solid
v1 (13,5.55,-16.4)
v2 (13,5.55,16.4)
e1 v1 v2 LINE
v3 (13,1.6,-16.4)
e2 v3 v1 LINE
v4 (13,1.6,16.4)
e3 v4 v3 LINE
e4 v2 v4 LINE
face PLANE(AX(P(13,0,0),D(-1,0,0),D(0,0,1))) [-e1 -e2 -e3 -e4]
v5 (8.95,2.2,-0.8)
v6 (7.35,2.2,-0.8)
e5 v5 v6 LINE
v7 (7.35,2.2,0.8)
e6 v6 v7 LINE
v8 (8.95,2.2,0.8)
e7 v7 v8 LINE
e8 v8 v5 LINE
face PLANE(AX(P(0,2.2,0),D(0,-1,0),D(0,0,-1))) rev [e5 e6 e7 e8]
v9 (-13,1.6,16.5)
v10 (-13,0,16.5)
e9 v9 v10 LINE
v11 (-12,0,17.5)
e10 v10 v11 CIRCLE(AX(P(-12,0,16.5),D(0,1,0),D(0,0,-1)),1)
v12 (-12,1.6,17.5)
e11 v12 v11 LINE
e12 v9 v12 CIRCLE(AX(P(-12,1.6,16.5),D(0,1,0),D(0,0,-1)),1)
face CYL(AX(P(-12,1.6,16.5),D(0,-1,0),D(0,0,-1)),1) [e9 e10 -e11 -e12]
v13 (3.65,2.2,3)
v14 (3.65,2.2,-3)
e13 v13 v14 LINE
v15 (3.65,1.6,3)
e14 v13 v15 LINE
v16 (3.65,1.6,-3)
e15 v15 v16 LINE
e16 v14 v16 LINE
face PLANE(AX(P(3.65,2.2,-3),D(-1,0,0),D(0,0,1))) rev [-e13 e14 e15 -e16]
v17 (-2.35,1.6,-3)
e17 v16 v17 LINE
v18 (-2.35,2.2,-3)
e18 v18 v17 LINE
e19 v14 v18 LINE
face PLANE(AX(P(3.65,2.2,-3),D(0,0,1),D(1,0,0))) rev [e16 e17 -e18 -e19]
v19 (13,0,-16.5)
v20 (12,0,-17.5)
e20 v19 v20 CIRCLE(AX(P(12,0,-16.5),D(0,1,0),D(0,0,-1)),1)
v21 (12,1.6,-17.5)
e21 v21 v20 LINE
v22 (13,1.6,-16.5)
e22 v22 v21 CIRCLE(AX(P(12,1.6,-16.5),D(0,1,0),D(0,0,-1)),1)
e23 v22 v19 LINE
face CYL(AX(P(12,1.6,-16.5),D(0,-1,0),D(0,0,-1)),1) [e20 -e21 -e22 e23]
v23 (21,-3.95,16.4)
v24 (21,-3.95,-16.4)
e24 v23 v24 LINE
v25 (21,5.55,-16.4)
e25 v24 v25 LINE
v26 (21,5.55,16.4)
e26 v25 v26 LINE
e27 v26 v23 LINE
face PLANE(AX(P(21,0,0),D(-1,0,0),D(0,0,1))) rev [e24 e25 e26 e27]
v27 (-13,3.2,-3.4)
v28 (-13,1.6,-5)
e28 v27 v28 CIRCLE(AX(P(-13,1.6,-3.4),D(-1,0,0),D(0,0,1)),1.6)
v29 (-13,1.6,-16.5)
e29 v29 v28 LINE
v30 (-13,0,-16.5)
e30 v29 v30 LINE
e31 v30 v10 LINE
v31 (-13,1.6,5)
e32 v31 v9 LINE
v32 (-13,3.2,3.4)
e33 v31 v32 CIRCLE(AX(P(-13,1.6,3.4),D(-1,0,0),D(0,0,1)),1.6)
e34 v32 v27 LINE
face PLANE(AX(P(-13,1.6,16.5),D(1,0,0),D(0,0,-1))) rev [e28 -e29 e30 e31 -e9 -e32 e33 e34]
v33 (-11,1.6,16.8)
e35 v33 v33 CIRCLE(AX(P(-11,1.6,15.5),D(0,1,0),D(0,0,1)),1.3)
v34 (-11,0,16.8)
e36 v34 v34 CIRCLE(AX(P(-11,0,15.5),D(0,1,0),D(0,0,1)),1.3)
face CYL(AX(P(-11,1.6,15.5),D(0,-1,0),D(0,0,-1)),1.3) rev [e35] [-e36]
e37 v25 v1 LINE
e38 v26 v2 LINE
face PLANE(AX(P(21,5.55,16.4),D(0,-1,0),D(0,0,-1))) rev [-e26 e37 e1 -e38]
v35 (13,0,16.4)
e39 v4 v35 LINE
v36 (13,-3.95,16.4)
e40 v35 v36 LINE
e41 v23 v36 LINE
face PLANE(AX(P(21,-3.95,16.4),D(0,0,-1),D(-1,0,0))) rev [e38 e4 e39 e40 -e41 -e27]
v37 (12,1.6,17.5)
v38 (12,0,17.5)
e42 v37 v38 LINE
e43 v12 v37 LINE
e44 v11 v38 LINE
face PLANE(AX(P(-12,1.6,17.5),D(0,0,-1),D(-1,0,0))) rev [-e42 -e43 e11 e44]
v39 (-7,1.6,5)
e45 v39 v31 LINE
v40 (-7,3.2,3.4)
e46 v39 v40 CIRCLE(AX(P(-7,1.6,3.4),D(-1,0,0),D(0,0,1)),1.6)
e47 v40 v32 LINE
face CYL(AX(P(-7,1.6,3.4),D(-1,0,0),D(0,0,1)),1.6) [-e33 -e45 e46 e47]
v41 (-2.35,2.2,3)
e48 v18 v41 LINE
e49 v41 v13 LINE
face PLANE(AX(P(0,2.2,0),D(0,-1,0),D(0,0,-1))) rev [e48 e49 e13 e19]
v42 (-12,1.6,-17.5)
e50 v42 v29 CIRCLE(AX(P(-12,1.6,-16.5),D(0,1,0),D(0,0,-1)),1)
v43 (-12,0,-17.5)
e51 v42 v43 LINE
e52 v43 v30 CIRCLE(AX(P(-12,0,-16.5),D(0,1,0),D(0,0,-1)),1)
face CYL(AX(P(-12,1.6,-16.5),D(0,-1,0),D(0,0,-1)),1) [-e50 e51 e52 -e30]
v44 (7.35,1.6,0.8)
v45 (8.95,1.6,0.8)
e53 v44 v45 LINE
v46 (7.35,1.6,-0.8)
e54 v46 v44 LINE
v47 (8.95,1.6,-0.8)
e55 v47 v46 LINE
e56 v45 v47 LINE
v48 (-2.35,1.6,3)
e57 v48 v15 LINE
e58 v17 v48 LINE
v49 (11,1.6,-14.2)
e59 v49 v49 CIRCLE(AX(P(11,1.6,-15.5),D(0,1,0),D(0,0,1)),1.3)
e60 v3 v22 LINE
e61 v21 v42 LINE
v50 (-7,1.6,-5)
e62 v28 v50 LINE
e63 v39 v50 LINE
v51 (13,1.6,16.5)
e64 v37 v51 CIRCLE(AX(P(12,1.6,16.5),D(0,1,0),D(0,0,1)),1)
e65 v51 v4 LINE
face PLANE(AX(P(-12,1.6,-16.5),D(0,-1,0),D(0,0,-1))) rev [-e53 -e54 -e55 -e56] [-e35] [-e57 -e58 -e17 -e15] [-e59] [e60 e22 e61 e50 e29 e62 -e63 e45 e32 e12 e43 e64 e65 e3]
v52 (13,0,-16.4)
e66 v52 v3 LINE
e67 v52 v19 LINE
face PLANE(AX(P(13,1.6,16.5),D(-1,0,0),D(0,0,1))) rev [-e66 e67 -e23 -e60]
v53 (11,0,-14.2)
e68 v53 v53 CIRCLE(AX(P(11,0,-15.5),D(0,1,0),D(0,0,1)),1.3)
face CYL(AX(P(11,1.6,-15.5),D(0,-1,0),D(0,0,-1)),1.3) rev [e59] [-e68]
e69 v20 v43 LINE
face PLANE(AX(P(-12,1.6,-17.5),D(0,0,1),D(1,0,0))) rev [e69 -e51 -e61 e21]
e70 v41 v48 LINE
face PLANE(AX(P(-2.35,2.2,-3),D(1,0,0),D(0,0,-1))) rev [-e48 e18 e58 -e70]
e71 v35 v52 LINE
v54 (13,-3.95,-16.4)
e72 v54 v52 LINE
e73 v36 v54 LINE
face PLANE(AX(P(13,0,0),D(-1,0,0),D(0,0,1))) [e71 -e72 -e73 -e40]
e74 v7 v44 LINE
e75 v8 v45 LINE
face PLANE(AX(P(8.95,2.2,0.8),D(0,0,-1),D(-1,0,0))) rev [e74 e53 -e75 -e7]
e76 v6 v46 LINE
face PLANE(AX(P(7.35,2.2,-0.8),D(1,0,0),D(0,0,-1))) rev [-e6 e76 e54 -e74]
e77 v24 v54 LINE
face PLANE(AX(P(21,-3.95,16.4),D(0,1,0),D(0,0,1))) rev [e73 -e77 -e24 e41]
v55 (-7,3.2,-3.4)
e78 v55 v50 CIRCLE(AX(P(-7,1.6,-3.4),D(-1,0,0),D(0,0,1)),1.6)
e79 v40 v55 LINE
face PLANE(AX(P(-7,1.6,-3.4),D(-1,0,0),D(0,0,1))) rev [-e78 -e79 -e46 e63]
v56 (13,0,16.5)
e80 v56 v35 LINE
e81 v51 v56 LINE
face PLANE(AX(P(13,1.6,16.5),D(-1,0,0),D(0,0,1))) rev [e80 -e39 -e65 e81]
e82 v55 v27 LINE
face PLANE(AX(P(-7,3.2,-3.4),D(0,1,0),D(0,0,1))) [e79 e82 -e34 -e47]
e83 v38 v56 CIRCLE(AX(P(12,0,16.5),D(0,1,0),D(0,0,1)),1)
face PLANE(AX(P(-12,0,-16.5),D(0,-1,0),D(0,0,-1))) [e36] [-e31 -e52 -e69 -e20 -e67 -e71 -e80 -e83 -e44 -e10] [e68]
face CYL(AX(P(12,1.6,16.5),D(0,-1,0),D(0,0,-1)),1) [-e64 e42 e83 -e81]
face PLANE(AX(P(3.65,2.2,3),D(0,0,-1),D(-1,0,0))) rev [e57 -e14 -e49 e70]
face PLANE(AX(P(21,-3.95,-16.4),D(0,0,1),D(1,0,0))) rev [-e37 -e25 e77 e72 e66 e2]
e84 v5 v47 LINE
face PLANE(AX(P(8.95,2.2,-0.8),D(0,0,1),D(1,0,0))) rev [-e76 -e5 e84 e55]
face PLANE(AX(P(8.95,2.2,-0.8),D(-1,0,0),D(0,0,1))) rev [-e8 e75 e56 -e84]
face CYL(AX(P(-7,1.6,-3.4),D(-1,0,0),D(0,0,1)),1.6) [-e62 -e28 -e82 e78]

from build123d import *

# Parameters (mm, degrees)
SKETCH_1_R      = 1.3
EXTRUDE_1_DEPTH = 1.6
EXTRUDE_2_DEPTH = 6
SKETCH_3_W      = 6
SKETCH_3_H      = 6
EXTRUDE_3_DEPTH = 0.6
SKETCH_4_W      = 1.6
SKETCH_4_H      = 1.6
EXTRUDE_4_DEPTH = 0.6
SKETCH_5_W      = 32.8
SKETCH_5_H      = 9.5
EXTRUDE_5_DEPTH = 8


with BuildPart() as part:
    # 草图1 → 凸台-拉伸1 (new body)
    with BuildSketch(Plane(origin=(0, 0, 0), x_dir=(1, 0, 0), z_dir=(0, 1, 0))):
        with BuildLine():
            Line((-12, -17.5), (12, -17.5))
            ThreePointArc((12, -17.5), (12.707106781, -17.207106781), (13, -16.5))
            Line((13, -16.5), (13, 16.5))
            ThreePointArc((13, 16.5), (12.707106781, 17.207106781), (12, 17.5))
            Line((12, 17.5), (-12, 17.5))
            ThreePointArc((-12, 17.5), (-12.707106781, 17.207106781), (-13, 16.5))
            Line((-13, 16.5), (-13, -16.5))
            ThreePointArc((-13, -16.5), (-12.707106781, -17.207106781), (-12, -17.5))
        make_face()
        with Locations((-11, -15.5)):
            Circle(SKETCH_1_R, mode=Mode.SUBTRACT)
        with Locations((11, 15.5)):
            Circle(SKETCH_1_R, mode=Mode.SUBTRACT)
    extrude(amount=EXTRUDE_1_DEPTH)

    # 草图2 → 凸台-拉伸2 (add)
    with BuildSketch(Plane.ZY.offset(13)):
        with BuildLine():
            Line((-3.4, 3.2), (3.4, 3.2))
            ThreePointArc((3.4, 3.2), (5, 1.6), (3.4, 0))
            Line((3.4, 0), (-3.4, 0))
            ThreePointArc((-3.4, 0), (-5, 1.6), (-3.4, 3.2))
        make_face()
    extrude(amount=-EXTRUDE_2_DEPTH)

    # 草图3 → 凸台-拉伸3 (add)
    with BuildSketch(Plane(origin=(0, 1.6, 0), x_dir=(1, 0, 0), z_dir=(0, 1, 0))):
        with Locations((0.65, 0)):
            Rectangle(SKETCH_3_W, SKETCH_3_H)
    extrude(amount=EXTRUDE_3_DEPTH)

    # 草图4 → 凸台-拉伸4 (add)
    with BuildSketch(Plane(origin=(0, 1.6, 0), x_dir=(1, 0, 0), z_dir=(0, 1, 0))):
        with Locations((8.15, 0)):
            Rectangle(SKETCH_4_W, SKETCH_4_H)
    extrude(amount=EXTRUDE_4_DEPTH)

    # 草图5 → 凸台-拉伸5 (add)
    with BuildSketch(Plane(origin=(13, 0, 0), x_dir=(0, 0, -1), z_dir=(1, 0, 0))):
        with Locations((0, 0.8)):
            Rectangle(SKETCH_5_W, SKETCH_5_H)
    extrude(amount=EXTRUDE_5_DEPTH)


solid = part.part
